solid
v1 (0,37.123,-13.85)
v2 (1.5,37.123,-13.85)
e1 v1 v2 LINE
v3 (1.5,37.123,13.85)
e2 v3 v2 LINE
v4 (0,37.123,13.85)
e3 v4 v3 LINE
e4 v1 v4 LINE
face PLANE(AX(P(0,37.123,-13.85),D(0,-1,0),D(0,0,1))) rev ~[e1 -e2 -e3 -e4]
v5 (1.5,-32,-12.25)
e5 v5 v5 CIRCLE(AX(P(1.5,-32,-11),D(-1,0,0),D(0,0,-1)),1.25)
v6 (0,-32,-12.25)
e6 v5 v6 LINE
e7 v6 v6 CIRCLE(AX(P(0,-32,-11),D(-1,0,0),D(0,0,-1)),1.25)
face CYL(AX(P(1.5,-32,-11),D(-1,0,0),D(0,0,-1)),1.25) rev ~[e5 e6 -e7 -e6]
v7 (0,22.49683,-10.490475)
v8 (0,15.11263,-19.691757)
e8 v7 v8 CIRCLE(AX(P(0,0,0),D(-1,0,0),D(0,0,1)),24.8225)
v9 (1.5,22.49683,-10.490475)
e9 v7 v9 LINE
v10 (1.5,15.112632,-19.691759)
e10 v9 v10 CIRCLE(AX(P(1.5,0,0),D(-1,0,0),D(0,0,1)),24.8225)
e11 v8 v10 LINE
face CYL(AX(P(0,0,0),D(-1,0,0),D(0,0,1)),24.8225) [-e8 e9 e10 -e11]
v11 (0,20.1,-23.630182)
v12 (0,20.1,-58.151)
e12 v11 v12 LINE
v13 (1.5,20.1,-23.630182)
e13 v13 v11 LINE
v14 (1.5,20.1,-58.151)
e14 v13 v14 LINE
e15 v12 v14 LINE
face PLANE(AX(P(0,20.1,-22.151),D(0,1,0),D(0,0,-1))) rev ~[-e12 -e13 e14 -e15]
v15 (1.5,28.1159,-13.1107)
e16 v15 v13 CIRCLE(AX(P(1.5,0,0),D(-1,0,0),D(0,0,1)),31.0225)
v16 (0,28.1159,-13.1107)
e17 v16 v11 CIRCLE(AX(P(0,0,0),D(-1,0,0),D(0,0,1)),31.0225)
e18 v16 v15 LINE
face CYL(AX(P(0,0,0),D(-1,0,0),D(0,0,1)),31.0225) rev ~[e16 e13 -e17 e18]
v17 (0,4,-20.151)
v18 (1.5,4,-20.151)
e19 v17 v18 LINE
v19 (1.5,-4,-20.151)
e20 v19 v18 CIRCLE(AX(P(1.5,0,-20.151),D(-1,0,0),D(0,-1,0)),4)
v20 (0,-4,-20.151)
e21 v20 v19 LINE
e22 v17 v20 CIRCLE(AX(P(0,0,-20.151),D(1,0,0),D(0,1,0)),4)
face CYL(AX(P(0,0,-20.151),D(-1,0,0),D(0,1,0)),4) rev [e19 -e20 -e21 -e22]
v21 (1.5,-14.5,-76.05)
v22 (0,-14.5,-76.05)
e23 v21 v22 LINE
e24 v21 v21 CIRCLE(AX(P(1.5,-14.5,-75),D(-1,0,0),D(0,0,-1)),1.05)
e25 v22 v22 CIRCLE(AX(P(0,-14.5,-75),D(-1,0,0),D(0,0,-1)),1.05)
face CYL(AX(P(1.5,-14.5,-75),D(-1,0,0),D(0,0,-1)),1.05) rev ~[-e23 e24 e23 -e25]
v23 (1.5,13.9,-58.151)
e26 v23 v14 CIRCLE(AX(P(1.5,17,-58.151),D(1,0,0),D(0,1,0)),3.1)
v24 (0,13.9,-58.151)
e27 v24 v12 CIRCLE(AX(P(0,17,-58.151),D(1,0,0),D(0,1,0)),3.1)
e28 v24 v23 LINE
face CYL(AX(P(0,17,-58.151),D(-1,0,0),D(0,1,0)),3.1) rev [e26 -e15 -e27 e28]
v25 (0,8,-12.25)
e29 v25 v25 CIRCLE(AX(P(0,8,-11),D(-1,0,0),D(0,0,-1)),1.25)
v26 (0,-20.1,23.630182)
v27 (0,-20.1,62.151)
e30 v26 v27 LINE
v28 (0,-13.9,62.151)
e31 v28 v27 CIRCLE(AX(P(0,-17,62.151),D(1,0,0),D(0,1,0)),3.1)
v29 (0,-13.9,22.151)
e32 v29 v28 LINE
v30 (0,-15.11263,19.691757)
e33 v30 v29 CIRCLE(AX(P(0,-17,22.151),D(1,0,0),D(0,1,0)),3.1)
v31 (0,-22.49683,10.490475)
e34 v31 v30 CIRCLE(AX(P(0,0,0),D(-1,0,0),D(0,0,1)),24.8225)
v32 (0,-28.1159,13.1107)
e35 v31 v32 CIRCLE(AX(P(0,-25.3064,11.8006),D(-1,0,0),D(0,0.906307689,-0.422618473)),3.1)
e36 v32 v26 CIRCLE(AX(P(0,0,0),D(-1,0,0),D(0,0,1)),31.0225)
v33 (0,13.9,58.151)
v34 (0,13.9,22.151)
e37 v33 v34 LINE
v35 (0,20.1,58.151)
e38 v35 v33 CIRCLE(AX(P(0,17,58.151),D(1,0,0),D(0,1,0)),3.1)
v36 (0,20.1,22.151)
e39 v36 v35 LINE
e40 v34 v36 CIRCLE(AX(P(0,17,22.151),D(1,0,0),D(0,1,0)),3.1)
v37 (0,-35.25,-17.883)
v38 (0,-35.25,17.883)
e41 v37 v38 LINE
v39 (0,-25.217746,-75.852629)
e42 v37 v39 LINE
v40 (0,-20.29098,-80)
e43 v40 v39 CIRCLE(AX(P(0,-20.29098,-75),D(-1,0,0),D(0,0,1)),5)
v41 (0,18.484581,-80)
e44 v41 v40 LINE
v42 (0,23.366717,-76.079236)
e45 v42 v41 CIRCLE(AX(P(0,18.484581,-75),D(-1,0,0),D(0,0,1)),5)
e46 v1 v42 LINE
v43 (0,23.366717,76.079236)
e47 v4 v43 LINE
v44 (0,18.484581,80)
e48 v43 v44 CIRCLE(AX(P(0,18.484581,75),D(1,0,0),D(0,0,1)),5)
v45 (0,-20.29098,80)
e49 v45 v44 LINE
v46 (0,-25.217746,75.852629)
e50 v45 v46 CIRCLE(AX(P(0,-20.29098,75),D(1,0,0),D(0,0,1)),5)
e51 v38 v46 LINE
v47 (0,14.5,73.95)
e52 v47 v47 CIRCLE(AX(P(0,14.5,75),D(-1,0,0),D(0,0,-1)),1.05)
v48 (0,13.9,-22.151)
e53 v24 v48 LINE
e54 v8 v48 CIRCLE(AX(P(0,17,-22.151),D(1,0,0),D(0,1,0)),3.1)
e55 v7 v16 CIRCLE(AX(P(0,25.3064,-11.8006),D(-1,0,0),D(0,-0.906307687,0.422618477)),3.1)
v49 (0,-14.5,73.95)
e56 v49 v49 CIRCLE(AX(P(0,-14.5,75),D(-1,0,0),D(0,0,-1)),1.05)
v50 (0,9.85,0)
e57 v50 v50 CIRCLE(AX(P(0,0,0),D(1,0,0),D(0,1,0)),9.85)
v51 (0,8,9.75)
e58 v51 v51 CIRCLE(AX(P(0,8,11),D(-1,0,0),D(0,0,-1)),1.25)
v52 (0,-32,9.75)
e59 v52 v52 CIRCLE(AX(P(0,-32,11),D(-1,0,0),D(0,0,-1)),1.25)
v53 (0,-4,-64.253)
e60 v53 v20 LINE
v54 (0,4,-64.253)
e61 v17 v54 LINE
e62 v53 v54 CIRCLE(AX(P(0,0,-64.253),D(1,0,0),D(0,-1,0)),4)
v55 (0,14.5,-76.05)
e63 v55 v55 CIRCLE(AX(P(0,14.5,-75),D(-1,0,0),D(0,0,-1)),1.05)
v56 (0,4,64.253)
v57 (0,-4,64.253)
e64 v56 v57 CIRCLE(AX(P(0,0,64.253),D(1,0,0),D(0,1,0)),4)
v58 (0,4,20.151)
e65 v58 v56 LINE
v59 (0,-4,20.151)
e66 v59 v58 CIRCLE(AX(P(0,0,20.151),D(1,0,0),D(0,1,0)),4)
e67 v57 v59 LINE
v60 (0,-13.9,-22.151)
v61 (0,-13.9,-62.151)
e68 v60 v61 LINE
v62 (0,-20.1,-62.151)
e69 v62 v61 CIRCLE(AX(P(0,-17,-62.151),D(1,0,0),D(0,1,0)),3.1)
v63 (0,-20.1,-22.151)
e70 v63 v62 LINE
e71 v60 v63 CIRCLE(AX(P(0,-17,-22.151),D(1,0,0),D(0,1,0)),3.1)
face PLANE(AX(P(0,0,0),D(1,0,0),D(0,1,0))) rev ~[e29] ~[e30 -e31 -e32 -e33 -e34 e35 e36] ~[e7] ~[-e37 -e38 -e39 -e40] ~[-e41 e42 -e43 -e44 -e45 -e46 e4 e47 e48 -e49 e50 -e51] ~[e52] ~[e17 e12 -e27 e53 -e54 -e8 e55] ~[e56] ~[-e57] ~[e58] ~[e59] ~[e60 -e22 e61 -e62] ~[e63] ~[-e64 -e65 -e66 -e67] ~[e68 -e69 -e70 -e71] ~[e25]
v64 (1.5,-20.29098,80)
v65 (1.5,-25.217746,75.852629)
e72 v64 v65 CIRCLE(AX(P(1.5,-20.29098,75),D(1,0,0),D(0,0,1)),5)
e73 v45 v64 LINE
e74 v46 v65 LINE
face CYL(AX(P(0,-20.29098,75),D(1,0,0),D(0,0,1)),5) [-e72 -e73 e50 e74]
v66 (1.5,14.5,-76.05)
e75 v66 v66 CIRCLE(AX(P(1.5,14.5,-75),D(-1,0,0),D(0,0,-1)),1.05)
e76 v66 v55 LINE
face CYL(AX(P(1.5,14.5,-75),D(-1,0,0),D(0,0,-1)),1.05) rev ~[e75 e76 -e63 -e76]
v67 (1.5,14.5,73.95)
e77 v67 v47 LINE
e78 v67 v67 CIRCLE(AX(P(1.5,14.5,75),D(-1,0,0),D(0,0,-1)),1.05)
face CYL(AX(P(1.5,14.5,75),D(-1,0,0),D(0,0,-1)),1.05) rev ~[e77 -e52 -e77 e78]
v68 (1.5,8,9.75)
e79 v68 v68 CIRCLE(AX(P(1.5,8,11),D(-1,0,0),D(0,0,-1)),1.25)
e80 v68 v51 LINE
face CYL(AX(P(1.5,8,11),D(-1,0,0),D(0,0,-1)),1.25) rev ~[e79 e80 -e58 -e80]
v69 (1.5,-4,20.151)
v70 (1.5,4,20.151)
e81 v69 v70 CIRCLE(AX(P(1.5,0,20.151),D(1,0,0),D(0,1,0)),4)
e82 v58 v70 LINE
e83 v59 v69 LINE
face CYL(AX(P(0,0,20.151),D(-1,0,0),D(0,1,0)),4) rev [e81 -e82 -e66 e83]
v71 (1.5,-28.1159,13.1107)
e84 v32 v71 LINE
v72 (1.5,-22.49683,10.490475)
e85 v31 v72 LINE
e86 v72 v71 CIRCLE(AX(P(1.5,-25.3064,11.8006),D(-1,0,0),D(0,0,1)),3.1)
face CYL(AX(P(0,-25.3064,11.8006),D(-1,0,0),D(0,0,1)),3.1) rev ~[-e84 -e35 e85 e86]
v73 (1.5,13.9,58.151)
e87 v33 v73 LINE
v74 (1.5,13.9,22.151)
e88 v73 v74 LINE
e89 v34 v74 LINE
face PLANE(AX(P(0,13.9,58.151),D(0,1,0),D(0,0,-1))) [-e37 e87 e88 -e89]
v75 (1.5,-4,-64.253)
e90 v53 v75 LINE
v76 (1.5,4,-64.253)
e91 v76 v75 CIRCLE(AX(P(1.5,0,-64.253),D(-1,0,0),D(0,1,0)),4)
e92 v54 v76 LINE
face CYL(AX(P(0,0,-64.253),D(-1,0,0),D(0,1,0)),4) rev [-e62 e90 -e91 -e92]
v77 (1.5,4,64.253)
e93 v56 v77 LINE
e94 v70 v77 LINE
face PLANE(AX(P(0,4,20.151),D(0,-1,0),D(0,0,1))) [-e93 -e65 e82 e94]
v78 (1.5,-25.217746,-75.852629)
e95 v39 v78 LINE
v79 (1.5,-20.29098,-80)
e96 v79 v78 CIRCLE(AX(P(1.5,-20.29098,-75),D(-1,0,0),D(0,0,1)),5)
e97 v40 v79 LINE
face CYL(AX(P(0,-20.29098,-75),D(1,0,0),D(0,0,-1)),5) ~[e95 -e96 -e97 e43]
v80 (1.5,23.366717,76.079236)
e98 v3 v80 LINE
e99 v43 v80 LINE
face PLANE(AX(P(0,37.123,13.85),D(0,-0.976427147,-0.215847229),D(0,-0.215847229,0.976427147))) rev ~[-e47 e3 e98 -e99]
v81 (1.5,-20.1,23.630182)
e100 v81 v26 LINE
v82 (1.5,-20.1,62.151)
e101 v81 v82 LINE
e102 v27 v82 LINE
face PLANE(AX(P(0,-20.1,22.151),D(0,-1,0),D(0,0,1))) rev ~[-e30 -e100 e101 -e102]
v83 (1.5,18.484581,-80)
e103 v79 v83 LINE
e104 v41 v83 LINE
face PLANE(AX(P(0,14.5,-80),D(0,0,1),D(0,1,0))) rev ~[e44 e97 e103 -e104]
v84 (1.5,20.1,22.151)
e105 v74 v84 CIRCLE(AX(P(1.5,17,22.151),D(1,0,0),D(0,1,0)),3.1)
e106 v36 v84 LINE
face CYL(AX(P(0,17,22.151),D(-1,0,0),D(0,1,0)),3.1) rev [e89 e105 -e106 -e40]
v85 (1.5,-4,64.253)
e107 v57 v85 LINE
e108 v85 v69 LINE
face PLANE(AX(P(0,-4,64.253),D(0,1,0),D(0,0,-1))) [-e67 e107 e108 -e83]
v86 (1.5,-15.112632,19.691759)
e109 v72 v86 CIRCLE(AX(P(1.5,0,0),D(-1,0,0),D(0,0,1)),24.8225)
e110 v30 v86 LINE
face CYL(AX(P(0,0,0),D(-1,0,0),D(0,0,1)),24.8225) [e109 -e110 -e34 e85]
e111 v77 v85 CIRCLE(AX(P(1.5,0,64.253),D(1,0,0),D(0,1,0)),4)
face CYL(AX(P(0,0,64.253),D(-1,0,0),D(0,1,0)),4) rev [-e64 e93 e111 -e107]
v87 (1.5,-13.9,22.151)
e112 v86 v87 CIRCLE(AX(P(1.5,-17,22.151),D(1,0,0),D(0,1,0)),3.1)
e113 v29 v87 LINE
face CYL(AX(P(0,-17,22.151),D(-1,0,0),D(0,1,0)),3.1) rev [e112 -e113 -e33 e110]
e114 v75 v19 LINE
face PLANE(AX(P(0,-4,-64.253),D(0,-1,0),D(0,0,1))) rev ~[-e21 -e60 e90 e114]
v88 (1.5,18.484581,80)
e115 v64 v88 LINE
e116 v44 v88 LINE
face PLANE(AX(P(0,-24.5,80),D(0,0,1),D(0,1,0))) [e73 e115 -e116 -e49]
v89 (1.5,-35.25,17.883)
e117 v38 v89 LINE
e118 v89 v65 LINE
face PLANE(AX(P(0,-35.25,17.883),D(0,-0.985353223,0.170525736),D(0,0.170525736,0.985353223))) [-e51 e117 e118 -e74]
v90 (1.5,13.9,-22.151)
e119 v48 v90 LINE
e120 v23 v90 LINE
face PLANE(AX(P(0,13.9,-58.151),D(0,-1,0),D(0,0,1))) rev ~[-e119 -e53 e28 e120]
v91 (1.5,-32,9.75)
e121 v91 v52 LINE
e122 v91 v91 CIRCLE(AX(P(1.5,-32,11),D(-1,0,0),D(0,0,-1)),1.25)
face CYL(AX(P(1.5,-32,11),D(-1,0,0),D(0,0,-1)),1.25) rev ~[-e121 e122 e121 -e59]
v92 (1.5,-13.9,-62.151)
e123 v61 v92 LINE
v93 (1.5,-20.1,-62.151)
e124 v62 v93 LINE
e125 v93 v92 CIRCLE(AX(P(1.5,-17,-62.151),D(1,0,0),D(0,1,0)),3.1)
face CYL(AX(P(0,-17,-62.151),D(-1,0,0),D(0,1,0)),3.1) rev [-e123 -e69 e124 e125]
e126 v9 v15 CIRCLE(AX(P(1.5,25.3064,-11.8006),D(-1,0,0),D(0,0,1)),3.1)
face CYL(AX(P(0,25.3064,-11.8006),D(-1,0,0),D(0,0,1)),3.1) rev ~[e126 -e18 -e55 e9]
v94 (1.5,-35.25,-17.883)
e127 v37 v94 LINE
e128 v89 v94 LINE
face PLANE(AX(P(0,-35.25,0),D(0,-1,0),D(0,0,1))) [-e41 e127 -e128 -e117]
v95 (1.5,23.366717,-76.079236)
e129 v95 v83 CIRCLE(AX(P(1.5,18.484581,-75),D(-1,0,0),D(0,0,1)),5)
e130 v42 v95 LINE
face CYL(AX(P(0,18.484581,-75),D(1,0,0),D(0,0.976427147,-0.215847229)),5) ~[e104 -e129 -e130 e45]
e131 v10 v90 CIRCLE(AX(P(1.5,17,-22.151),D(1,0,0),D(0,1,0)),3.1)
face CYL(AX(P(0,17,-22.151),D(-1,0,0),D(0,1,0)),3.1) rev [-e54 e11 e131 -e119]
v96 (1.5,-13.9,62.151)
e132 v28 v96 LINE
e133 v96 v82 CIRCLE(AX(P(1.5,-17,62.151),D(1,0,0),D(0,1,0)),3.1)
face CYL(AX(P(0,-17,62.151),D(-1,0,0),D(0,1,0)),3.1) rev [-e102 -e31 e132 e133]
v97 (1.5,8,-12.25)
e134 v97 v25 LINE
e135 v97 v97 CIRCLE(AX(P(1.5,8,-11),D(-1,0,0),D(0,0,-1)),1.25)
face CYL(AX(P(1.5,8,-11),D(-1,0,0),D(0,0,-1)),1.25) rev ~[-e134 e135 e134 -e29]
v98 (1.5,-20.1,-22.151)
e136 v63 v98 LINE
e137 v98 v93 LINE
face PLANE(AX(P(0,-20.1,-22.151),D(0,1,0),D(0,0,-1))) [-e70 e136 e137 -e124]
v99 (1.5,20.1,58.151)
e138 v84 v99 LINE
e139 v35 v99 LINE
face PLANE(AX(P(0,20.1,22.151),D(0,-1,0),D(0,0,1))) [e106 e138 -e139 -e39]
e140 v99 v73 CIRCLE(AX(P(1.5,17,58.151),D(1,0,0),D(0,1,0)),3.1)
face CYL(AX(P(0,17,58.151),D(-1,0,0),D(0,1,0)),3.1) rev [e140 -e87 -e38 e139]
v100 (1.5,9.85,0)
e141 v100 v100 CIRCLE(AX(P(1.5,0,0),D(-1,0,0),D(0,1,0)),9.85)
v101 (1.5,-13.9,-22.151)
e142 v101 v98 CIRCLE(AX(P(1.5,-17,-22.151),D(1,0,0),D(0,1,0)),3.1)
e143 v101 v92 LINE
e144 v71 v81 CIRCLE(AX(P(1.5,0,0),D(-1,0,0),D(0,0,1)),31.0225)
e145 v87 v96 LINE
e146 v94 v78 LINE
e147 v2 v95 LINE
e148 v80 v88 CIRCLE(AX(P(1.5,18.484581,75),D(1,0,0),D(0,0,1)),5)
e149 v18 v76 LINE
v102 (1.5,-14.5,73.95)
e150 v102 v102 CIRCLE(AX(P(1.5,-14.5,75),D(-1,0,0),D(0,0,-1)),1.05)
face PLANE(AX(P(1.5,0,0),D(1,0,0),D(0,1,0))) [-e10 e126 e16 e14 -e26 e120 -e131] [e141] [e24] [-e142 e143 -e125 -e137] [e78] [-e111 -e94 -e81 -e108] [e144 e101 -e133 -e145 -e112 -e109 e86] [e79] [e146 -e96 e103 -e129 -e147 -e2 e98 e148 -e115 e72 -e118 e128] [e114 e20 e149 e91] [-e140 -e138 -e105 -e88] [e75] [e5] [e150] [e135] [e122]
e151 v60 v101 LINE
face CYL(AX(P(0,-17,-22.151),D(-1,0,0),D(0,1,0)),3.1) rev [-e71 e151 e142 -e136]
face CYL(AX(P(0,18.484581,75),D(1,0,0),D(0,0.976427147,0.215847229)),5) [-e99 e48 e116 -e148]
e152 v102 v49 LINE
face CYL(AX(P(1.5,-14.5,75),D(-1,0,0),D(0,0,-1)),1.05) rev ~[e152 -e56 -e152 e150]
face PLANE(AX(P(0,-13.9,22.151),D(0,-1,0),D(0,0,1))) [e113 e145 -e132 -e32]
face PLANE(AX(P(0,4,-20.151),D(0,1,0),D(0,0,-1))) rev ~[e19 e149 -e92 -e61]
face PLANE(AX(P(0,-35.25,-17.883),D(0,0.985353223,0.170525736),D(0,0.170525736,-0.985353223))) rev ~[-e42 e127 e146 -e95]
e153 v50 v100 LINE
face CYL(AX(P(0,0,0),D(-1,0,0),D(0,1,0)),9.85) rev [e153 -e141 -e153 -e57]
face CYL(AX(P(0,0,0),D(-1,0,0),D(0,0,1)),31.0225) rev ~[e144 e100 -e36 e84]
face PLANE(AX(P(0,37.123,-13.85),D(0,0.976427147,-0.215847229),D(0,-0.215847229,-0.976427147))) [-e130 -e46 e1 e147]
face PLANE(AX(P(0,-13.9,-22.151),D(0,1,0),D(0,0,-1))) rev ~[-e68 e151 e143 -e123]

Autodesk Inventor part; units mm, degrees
ref_plane "YZ Plane" through (0, 0, 0) normal (1, 0, 0) x (0, 1, 0)
ref_plane "XZ Plane" through (0, 0, 0) normal (0, 1, 0) x (-1, 0, 0)
ref_plane "XY Plane" through (0, 0, 0) normal (0, 0, 1) x (1, 0, 0)
sketch "スケッチ1" plane through (0, 0, 0) normal (1, 0, 0) x (0, 1, 0)
  line L0 (37.123, 0) -> (-35.25, 0)
  line L1 (-35.25, 0) -> (-35.25, -80)
  line L2 (-35.25, -80) -> (37.123, -80)
  line L3 (37.123, -80) -> (37.123, 0)
  line L4 (-35.25, 0) -> (-35.25, -17.883)
  line L5 (37.123, 0) -> (37.123, -13.85)
  line L6 (37.123, -13.85) -> (22.5, -80)
  line L7 (-35.25, -17.883) -> (-24.5, -80)
  circle A0 centre (0, 0) radius 9.85
  line L8 (0, 0) -> (0, -80)
  line L9 (14.5, -80) -> (0, -80)
  line L10 (0, -80) -> (0, -75)
  line L11 (0, -75) -> (14.5, -75)
  line L12 (14.5, -75) -> (14.5, -80)
  line L13 (0, -75) -> (-14.5, -75)
  line L14 (-14.5, -75) -> (-14.5, -80)
  circle A1 centre (0, -20.151) radius 4
  circle A2 centre (0, -64.253) radius 4
  line L15 (4, -20.151) -> (4, -64.253)
  line L16 (-4, -64.253) -> (-4, -20.151)
  line L17 (11.25, 0) -> (-35.25, 0)
  line L18 (-35.25, 0) -> (-35.25, -14.25)
  line L19 (-35.25, -14.25) -> (11.25, -14.25)
  line L20 (11.25, -14.25) -> (11.25, 0)
  circle A3 centre (17, -22.151) radius 3.1
  line L21 (17, -22.151) -> (17, -58.151)
  circle A4 centre (17, -58.151) radius 3.1
  line L22 (20.1, -22.151) -> (20.1, -58.151)
  line L23 (13.9, -58.151) -> (13.9, -22.151)
  circle A5 centre (-17, -22.151) radius 3.1
  line L24 (-17, -22.151) -> (-17, -62.151)
  circle A6 centre (-17, -62.151) radius 3.1
  line L25 (-13.9, -22.151) -> (-13.9, -62.151)
  line L26 (-20.1, -22.151) -> (-20.1, -62.151)
  line L27 (-35.25, 0) -> (-35.25, 80)
  line L28 (-35.25, 80) -> (37.123, 80)
  line L29 (37.123, 80) -> (37.123, 0)
  line L30 (-35.25, 0) -> (-35.25, 17.883)
  line L31 (37.123, 0) -> (37.123, 13.85)
  line L32 (37.123, 13.85) -> (22.5, 80)
  line L33 (-35.25, 17.883) -> (-24.5, 80)
  circle A7 centre (0, 20.151) radius 4
  circle A8 centre (0, 64.253) radius 4
  line L34 (4, 20.151) -> (4, 64.253)
  line L35 (-4, 64.253) -> (-4, 20.151)
  circle A9 centre (17, 22.151) radius 3.1
  line L36 (17, 22.151) -> (17, 58.151)
  circle A10 centre (17, 58.151) radius 3.1
  line L37 (20.1, 22.151) -> (20.1, 58.151)
  line L38 (13.9, 58.151) -> (13.9, 22.151)
  circle A11 centre (-17, 22.151) radius 3.1
  circle A12 centre (-17, 62.151) radius 3.1
  line L39 (-13.9, 22.151) -> (-13.9, 62.151)
  line L40 (-20.1, 22.151) -> (-20.1, 62.151)
  dimension "d0" = 72.373
  dimension "d1" = 37.123
  dimension "d2" = 80
  dimension "d3" = 17.883
  dimension "d4" = 13.85
  dimension "d7" = 19.7
  dimension "d8" = 14.5
  dimension "d9" = 5
  dimension "d10" = 8
  dimension "d11" = 10
  dimension "d12" = 8
  dimension "d13" = 20.151
  dimension "d14" = 8
  dimension "d15" = 15.747
  dimension "d16" = 11.25
  dimension "d17" = 14.25
  dimension "d18" = 6.2
  dimension "d19" = 17
  dimension "d20" = 22.151
  dimension "d21" = 36
  dimension "d22" = 6.2
  dimension "d23" = 6.2
  dimension "d24" = 22.151
  dimension "d25" = 17
  dimension "d26" = 40
  dimension "d27" = 6.2
extrude "押し出し1" add sketch "スケッチ1" along normal blind 1.5 contours L3 L6 L2 L12 L11 L8 A2 L15 A1 L19 L20 L0 | L0 A0 L27 L33 L28 L32 L29 | L20 L19 L8 A0 L0 | A0 L8 L19 L1 L0 | L8 A1 L16 A2 L13 L14 L2 L7 L1 L19 | L2 L8 L11 L12 | L2 L14 L13 L8
sketch "スケッチ2" plane through (1.5, 0, 0) normal (1, 0, 0) x (0, 0, -1)
  line L0 (-17.883, -35.25) -> (17.883, -35.25) projected
  line L1 (0, 11.25) -> (14.25, 11.25)
  line L2 (14.25, 11.25) -> (14.25, -35.25)
  line L3 (14.25, -35.25) -> (0, -35.25)
  line L4 (0, -35.25) -> (0, 11.25)
  circle A0 centre (0, 0) radius 9.85 projected
  point P0 (11, 8)
  point P1 (11, -32)
  point P2 (-11, 8)
  point P3 (-11, -32)
  dimension "d30" = 14.25
  dimension "d31" = 11.25
  dimension "d32" = 3.25
  dimension "d33" = 3.25
  dimension "d34" = 3.25
  dimension "d35" = 3.25
hole "穴1" at (1.5, 8, -11) at (1.5, -32, -11) at (1.5, 8, 11) at (1.5, -32, 11) direction (-1, 0, 0) diameter 2.5 end through all
sketch "スケッチ3" plane through (1.5, 0, 0) normal (1, 0, 0) x (0, 0, -1)
  line L0 (0, 0) -> (80, 0)
  line L1 (80, -24.5) -> (80, 22.5) projected
  line L2 (13.85, 37.123) -> (-13.85, 37.123) projected
  line L3 (0, 37.123) -> (0, -35.25)
  line L4 (-17.883, -35.25) -> (17.883, -35.25) projected
  point P0 (75, 14.5)
  point P1 (75, -14.5)
  point P2 (-75, 14.5)
  point P3 (-75, -14.5)
  dimension "d43" = 5
  dimension "d44" = 14.5
hole "穴2" at (1.5, 14.5, -75) at (1.5, -14.5, -75) at (1.5, 14.5, 75) at (1.5, -14.5, 75) direction (-1, 0, 0) diameter 2.1 end through all
fillet "フィレット1" radius 5 4 edges at (0.75, 22.5, -80) (0.75, -24.5, -80) (0.75, 22.5, 80) (0.75, -24.5, 80)
sketch "スケッチ4" plane through (0, 0, 0) normal (-1, 0, 0) x (0, 0, 1)
  circle A0 centre (0, 0) radius 27.5
  arc A1 (-22.151, 13.9) -> (-22.151, 20.1) centre (-22.151, 17) ccw projected
  circle A2 centre (-22.151, 17) radius 3.1
  arc A3 (22.151, -13.9) -> (22.151, -20.1) centre (22.151, -17) ccw projected
  circle A4 centre (22.151, -17) radius 3.1
  arc A5 (-22.151, -20.1) -> (-22.151, -13.9) centre (-22.151, -17) ccw projected
  circle A6 centre (-22.151, -17) radius 3.1
  arc A7 (22.151, 20.1) -> (22.151, 13.9) centre (22.151, 17) ccw projected
  circle A8 centre (22.151, 17) radius 3.1
  circle A9 centre (0, 0) radius 24.8225
  circle A10 centre (0, 0) radius 31.0225
  line L0 (0, 0) -> (8.0292, 29.9654)
  line L1 (0, 0) -> (0, 31.0225)
  line L2 (0, 0) -> (-8.0292, -29.9654)
  circle A11 centre (7.2269, 26.9711) radius 3.1
  circle A12 centre (-7.2269, -26.9711) radius 3.1
  line L3 (0, 0) -> (13.1107, -28.1159)
  circle A13 centre (11.8006, -25.3064) radius 3.1
  line L4 (0, 0) -> (-13.1107, 28.1159)
  circle A14 centre (-11.8006, 25.3064) radius 3.1
  point P0 (19.6918, -15.1126)
  point P1 (-19.6918, -15.1126)
  point P2 (-24.6102, -18.8874)
  point P3 (24.6102, -18.8874)
  point P4 (24.6102, 18.8874)
  point P5 (-24.6102, 18.8874)
  point P6 (-22.151, 20.1)
  point P7 (-19.6918, 15.1126)
  point P8 (19.6918, 15.1126)
  point P9 (22.151, 20.1)
  point P10 (-8.0292, -29.9654)
  point P11 (-6.4245, -23.9767)
  point P12 (8.0292, 29.9654)
  point P13 (6.4245, 23.9767)
  point P14 (10.4904, -22.4968)
  point P15 (-10.4904, 22.4968)
  dimension "d53" = 55
  dimension "d56" = 15
  dimension "d57" = 25
extrude "押し出し2" cut sketch "スケッチ4" against normal blind 10 contours A4 A3 A0 | A0 A3 A4 | A3 A4 A10 A13 A0 | A0 A13 A9 A3 | A13 L3 A0 | A0 L3 A13 | L3 A13 A0 | A0 A13 L3 | A14 A0 L4 | A9 A1 A0 A14 | L4 A0 A14 | A14 A0 A1 A2 A10 | A14 A0 L4 | L4 A0 A14 | A1 A2 A0 | A2 A1 A0
equation "\"BendRadius\" = Thickness"
equation "\"BendReliefWidth\" = Thickness"
equation "\"BendReliefDepth\" = 0.5 * Thickness"
equation "\"CornerReliefSize\" = 4 * Thickness"
equation "\"MinimumRemnant\" = 2 * Thickness"
equation "\"TransitionRadius\" = BendRadius"
equation "\"JacobiRadiusSize\" = BendRadius"
equation "\"GapSize\" = Thickness"
equation "\"Thickness\" = 3.048"
properties part number "joint_adaptor_plate" material "アルミニウム 6061"
